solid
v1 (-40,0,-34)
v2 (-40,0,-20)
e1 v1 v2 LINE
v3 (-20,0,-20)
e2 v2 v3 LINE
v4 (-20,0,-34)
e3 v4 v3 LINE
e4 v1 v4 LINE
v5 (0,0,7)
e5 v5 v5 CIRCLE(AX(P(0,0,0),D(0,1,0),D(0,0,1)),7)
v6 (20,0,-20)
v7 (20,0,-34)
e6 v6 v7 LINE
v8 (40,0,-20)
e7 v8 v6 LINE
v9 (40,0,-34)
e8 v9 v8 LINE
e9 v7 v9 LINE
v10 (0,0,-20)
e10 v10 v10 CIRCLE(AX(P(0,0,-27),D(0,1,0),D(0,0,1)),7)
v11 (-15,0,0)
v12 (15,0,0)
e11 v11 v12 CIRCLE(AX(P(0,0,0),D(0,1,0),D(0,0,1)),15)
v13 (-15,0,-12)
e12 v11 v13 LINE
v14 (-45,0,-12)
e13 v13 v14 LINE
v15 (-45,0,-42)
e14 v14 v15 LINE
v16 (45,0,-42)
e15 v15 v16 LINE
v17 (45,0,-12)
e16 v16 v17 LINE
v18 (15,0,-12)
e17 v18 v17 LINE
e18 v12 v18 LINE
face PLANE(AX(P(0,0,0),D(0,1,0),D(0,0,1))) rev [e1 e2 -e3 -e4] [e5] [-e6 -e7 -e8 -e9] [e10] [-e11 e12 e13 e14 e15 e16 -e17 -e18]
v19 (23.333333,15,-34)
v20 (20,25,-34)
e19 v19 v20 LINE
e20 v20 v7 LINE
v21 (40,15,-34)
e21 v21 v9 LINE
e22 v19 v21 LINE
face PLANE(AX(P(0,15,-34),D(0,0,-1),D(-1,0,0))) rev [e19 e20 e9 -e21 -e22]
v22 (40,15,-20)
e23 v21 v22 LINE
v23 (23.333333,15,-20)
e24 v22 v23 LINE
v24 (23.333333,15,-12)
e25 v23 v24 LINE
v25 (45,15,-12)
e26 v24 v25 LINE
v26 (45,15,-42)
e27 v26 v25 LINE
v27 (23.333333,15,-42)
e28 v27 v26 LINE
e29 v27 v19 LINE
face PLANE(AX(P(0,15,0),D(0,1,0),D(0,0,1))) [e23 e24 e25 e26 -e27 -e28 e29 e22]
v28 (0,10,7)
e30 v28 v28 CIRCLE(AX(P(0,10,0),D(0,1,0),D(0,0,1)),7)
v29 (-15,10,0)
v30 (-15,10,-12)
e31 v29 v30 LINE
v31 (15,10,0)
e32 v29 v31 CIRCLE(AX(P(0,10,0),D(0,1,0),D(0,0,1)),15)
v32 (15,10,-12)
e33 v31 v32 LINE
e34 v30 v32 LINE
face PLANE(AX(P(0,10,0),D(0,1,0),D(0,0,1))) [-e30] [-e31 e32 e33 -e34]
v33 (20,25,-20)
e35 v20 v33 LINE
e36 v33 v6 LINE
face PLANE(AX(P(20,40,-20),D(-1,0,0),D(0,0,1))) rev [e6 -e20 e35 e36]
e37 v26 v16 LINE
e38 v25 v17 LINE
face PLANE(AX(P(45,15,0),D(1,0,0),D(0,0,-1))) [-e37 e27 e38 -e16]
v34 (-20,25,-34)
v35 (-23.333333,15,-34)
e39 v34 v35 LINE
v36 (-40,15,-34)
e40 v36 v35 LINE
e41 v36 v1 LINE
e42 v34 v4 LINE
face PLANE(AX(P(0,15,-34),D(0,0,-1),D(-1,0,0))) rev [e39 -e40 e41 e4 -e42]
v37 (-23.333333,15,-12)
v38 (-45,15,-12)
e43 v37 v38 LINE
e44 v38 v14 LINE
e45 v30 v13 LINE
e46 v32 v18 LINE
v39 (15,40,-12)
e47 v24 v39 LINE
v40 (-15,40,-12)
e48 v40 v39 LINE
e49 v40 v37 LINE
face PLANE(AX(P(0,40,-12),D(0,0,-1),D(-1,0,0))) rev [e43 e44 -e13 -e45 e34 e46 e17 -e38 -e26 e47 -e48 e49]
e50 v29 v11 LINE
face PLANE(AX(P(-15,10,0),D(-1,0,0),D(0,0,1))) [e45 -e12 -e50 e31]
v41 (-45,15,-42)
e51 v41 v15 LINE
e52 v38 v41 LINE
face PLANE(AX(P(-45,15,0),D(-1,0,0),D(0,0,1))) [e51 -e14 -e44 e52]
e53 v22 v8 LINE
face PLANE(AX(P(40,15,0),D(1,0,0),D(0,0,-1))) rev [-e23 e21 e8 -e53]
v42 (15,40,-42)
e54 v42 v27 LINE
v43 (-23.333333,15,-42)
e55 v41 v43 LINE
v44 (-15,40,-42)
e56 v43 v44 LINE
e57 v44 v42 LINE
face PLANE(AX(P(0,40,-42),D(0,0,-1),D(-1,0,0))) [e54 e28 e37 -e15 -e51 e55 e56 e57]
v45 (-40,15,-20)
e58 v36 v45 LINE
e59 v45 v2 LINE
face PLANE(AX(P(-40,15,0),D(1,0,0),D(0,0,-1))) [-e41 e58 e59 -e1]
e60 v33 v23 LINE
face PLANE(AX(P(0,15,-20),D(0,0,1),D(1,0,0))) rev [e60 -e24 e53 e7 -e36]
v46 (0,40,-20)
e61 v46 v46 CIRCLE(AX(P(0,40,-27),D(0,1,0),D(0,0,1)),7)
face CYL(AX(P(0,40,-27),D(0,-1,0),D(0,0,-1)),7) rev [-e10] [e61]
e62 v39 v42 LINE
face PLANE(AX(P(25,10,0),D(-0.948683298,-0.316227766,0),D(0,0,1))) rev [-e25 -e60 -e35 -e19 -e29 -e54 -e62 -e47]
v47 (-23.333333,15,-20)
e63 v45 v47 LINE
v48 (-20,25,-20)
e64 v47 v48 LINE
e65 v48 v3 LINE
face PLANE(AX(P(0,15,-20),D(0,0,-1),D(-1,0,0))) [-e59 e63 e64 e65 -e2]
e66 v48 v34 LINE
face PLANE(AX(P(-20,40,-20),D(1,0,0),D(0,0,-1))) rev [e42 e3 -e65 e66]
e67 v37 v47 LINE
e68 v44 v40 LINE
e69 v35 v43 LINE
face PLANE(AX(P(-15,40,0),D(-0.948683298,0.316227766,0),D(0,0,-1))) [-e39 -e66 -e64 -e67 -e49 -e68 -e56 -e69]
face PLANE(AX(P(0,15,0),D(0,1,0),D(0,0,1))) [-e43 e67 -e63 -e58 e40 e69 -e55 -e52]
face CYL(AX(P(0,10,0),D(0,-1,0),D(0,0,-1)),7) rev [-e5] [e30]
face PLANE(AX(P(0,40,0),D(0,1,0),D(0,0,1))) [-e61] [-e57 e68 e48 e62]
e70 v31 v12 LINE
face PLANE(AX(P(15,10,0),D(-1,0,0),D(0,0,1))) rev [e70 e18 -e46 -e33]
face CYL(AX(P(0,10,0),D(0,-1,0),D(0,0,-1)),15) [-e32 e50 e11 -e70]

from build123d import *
from OCP.BRepFilletAPI import BRepFilletAPI_MakeChamfer

# Parameters (mm, degrees)
SKETCH1_R           = 7
BOSS_EXTRUDE1_DEPTH = 10
SKETCH1_5_W         = 30
SKETCH1_5_H         = 30
SKETCH1_5_R         = 7
BOSS_EXTRUDE2_DEPTH = 40
BOSS_EXTRUDE5_DEPTH = 15
BOSS_EXTRUDE6_DEPTH = 15
SKETCH1_13_W        = 10
SKETCH1_13_H        = 30
BOSS_EXTRUDE7_DEPTH = 40
CHAMFER2_SIZE       = 30
CHAMFER2_SIZE2      = 10
SKETCH4_W           = 5
SKETCH4_H           = 14
CUT_EXTRUDE3_DEPTH  = 74.409808609


with BuildPart() as part:
    # Sketch1 → Boss-Extrude1 (new body)
    with BuildSketch(Plane(origin=(0, 0, 0), x_dir=(1, 0, 0), z_dir=(0, 1, 0))):
        with BuildLine():
            ThreePointArc((-15, 0), (0, -15), (15, 0))
            Line((15, 0), (15, 12))
            Line((15, 12), (-15, 12))
            Line((-15, 12), (-15, 0))
        make_face()
        Circle(SKETCH1_R, mode=Mode.SUBTRACT)
    extrude(amount=BOSS_EXTRUDE1_DEPTH)

    # Sketch1<5> → Boss-Extrude2 (add)
    with BuildSketch(Plane(origin=(0, 0, 0), x_dir=(1, 0, 0), z_dir=(0, 1, 0))):
        with Locations((0, 27)):
            Rectangle(SKETCH1_5_W, SKETCH1_5_H)
        with Locations((0, 27)):
            Circle(SKETCH1_5_R, mode=Mode.SUBTRACT)
    extrude(amount=BOSS_EXTRUDE2_DEPTH)



with BuildPart() as body_2:
    # Sketch1<11> → Boss-Extrude5 (new body)
    with BuildSketch(Plane(origin=(0, 0, 0), x_dir=(1, 0, 0), z_dir=(0, 1, 0))):
        Polygon((25, 20), (25, 12), (45, 12), (45, 42), (25, 42), (25, 34), (40, 34), (40, 20), align=None)
    extrude(amount=BOSS_EXTRUDE5_DEPTH)


with BuildPart() as body_3:
    # Sketch1<12> → Boss-Extrude6 (new body)
    with BuildSketch(Plane(origin=(0, 0, 0), x_dir=(1, 0, 0), z_dir=(0, 1, 0))):
        Polygon((-45, 12), (-25, 12), (-25, 20), (-40, 20), (-40, 34), (-25, 34), (-25, 42), (-45, 42), align=None)
    extrude(amount=BOSS_EXTRUDE6_DEPTH)


with BuildPart() as part_1:
    add(part.part)

    add(body_2.part)  # Boss-Extrude7 merges body 2

    add(body_3.part)  # Boss-Extrude7 merges body 3
    # Sketch1<13> → Boss-Extrude7 (add)
    with BuildSketch(Plane(origin=(0, 0, 0), x_dir=(1, 0, 0), z_dir=(0, 1, 0))):
        with Locations((20, 27)):
            Rectangle(SKETCH1_13_W, SKETCH1_13_H)
        with Locations((-20, 27)):
            Rectangle(SKETCH1_13_W, SKETCH1_13_H)
    extrude(amount=BOSS_EXTRUDE7_DEPTH)

    # Chamfer2: one chamfer whose edges measure the first distance from different faces: ONE call of the kernel's chamfer builder (chamfer() names one face for all edges)
    chamfer2_edges_1 = [part_1.edges().sort_by_distance(p)[0] for p in [
        (25, 40, -27),
    ]]
    chamfer2_side_1 = [part_1.faces().sort_by_distance(p)[0] for p in [
        (25, 23.125, -27),
    ]]
    chamfer2_edges_2 = [part_1.edges().sort_by_distance(p)[0] for p in [
        (-25, 40, -27),
    ]]
    chamfer2_side_2 = [part_1.faces().sort_by_distance(p)[0] for p in [
        (-25, 23.125, -27),
    ]]
    chamfer2 = BRepFilletAPI_MakeChamfer(part_1.part.solid().wrapped)
    for e in chamfer2_edges_1:
        chamfer2.Add(CHAMFER2_SIZE, CHAMFER2_SIZE2, e.wrapped, chamfer2_side_1[0].wrapped)  # the first distance lies on this face
    for e in chamfer2_edges_2:
        chamfer2.Add(CHAMFER2_SIZE, CHAMFER2_SIZE2, e.wrapped, chamfer2_side_2[0].wrapped)  # the first distance lies on this face
    add(Compound.cast(chamfer2.Shape()), mode=Mode.REPLACE)

    # Sketch4 → Cut-Extrude3 (cut, through all)
    with BuildSketch(Plane.XZ):
        with Locations((-22.5, -27)):
            Rectangle(SKETCH4_W, SKETCH4_H)
        with Locations((22.5, -27)):
            Rectangle(SKETCH4_W, SKETCH4_H)
    extrude(amount=-CUT_EXTRUDE3_DEPTH, mode=Mode.SUBTRACT)


solid = part_1.part
